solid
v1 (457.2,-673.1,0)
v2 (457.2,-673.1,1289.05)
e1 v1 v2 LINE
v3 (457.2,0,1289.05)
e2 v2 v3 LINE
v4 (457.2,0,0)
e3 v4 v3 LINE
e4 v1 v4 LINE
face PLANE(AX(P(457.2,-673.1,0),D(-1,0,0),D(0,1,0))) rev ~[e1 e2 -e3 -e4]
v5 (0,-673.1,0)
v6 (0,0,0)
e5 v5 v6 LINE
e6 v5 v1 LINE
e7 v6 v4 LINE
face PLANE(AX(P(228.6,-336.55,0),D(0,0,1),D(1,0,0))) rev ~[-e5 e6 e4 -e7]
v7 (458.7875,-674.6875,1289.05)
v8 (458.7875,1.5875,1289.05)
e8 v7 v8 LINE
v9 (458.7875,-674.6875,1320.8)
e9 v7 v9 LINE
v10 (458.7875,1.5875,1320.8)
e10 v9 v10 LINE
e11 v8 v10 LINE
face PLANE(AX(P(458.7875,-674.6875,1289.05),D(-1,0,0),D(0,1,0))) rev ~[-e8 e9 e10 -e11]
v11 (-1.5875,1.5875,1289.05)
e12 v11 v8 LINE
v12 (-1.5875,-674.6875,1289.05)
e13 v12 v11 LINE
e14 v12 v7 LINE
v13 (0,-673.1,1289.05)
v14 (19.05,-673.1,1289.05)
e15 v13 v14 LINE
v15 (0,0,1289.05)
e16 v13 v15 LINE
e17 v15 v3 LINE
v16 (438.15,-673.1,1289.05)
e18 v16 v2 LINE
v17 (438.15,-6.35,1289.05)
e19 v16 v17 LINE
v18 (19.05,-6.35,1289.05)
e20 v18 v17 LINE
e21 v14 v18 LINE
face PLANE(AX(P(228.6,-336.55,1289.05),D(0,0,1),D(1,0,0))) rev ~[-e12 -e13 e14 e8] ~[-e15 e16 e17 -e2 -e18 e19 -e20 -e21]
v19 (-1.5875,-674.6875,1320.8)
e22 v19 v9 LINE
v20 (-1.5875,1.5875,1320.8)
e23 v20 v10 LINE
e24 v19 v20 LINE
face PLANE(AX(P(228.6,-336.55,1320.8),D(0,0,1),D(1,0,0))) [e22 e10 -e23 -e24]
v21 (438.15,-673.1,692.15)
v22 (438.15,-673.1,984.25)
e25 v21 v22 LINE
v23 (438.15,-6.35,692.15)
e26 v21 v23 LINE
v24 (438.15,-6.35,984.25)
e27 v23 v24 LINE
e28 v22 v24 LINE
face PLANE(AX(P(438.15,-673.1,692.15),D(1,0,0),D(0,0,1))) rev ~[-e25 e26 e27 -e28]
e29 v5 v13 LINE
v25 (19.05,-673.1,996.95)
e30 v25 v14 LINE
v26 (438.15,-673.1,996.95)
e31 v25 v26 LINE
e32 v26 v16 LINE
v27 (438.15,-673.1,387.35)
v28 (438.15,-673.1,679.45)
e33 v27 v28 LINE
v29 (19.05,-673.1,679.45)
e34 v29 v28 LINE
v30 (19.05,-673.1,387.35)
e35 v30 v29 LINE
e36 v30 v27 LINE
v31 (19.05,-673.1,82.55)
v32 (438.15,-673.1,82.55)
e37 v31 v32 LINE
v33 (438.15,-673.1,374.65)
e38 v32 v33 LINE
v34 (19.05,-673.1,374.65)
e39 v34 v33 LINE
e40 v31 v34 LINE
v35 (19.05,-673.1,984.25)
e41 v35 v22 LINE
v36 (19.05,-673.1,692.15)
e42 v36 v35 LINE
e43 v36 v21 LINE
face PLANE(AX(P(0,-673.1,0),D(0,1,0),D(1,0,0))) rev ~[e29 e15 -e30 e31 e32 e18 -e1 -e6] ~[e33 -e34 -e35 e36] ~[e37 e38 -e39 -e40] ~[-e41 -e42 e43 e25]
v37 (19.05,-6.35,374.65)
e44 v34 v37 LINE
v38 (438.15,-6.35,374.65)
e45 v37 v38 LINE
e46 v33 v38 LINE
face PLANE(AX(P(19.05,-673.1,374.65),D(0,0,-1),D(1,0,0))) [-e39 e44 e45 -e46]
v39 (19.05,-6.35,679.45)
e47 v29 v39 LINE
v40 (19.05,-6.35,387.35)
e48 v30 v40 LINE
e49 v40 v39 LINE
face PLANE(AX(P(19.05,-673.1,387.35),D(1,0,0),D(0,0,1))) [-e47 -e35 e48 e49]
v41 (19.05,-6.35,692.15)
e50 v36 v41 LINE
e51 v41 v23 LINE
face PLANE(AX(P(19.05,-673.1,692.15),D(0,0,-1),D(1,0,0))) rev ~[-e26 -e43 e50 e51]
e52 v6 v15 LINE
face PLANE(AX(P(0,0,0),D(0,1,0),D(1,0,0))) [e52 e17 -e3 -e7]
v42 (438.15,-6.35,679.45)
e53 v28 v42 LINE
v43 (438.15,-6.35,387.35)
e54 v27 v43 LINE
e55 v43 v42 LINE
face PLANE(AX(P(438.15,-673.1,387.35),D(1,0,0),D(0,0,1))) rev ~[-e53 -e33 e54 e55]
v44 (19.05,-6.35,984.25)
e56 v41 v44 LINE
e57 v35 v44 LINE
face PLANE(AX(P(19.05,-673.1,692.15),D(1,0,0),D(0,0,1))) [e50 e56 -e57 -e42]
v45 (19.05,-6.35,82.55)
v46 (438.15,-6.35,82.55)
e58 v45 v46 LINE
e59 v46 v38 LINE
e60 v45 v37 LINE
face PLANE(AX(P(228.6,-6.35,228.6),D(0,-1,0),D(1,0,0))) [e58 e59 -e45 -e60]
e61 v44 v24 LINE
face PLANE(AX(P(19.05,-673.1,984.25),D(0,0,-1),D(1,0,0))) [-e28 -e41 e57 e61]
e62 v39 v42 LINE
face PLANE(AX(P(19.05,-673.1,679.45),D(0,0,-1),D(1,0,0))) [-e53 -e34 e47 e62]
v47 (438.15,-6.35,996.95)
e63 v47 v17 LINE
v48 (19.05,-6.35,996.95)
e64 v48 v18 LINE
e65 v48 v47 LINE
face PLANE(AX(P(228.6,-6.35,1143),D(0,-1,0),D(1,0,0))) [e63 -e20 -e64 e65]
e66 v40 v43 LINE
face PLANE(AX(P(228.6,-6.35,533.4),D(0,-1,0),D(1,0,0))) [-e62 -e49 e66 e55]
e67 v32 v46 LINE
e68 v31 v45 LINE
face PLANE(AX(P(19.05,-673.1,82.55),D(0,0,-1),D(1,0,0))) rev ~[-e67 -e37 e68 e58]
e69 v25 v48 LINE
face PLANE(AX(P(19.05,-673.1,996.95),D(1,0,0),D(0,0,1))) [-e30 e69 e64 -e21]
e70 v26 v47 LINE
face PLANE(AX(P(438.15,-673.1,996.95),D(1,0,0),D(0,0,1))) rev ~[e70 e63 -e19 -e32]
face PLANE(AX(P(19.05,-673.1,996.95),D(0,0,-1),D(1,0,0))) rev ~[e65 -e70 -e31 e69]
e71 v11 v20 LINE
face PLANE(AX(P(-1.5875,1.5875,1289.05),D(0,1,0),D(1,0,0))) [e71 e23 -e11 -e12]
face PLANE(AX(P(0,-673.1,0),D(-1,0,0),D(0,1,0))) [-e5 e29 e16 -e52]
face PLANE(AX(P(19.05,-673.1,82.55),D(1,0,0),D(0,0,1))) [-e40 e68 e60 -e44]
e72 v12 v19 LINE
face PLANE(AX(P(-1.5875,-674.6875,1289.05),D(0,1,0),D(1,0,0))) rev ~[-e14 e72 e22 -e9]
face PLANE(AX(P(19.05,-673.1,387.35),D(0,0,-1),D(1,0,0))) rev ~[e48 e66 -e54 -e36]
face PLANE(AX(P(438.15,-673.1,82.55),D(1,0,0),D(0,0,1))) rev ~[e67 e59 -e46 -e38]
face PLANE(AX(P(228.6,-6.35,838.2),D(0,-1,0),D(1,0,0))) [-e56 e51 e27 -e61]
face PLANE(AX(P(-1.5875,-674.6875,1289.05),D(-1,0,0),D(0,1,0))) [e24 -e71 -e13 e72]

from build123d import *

# Parameters (mm, degrees)
F0_W     = 457.2
F0_H     = 673.1
F1_DEPTH = 1289.05
F2_W     = 460.375
F2_H     = 676.275
F2_W_2   = 457.2
F2_H_2   = 673.1
F3_DEPTH = 31.75
F4_W     = 419.1
F4_H     = 292.1
F5_DEPTH = 666.75


with BuildPart() as f1:
    # F0 (on Top) → F1 (new body)
    with BuildSketch(Plane.XY):
        with Locations((228.6, -336.55)):
            Rectangle(F0_W, F0_H)
    extrude(amount=F1_DEPTH)

    # F2 (on face) → F3 (join)
    with BuildSketch(Plane.XY.offset(1289.05)):
        with Locations((228.6, -336.55)):
            Rectangle(F2_W, F2_H)
        with Locations((228.6, -336.55)):
            Rectangle(F2_W_2, F2_H_2, mode=Mode.SUBTRACT)
        with Locations((228.6, -336.55)):
            Rectangle(F2_W_2, F2_H_2)
    extrude(amount=F3_DEPTH)

    # F4 (on face) → F5 (cut)
    with BuildSketch(Plane.XZ.offset(673.1)):
        with Locations((228.6, 1143)):
            Rectangle(F4_W, F4_H)
        with Locations((228.6, 838.2)):
            Rectangle(F4_W, F4_H)
        with Locations((228.6, 533.4)):
            Rectangle(F4_W, F4_H)
        with Locations((228.6, 228.6)):
            Rectangle(F4_W, F4_H)
    extrude(amount=-F5_DEPTH, mode=Mode.SUBTRACT)


solid = f1.part
